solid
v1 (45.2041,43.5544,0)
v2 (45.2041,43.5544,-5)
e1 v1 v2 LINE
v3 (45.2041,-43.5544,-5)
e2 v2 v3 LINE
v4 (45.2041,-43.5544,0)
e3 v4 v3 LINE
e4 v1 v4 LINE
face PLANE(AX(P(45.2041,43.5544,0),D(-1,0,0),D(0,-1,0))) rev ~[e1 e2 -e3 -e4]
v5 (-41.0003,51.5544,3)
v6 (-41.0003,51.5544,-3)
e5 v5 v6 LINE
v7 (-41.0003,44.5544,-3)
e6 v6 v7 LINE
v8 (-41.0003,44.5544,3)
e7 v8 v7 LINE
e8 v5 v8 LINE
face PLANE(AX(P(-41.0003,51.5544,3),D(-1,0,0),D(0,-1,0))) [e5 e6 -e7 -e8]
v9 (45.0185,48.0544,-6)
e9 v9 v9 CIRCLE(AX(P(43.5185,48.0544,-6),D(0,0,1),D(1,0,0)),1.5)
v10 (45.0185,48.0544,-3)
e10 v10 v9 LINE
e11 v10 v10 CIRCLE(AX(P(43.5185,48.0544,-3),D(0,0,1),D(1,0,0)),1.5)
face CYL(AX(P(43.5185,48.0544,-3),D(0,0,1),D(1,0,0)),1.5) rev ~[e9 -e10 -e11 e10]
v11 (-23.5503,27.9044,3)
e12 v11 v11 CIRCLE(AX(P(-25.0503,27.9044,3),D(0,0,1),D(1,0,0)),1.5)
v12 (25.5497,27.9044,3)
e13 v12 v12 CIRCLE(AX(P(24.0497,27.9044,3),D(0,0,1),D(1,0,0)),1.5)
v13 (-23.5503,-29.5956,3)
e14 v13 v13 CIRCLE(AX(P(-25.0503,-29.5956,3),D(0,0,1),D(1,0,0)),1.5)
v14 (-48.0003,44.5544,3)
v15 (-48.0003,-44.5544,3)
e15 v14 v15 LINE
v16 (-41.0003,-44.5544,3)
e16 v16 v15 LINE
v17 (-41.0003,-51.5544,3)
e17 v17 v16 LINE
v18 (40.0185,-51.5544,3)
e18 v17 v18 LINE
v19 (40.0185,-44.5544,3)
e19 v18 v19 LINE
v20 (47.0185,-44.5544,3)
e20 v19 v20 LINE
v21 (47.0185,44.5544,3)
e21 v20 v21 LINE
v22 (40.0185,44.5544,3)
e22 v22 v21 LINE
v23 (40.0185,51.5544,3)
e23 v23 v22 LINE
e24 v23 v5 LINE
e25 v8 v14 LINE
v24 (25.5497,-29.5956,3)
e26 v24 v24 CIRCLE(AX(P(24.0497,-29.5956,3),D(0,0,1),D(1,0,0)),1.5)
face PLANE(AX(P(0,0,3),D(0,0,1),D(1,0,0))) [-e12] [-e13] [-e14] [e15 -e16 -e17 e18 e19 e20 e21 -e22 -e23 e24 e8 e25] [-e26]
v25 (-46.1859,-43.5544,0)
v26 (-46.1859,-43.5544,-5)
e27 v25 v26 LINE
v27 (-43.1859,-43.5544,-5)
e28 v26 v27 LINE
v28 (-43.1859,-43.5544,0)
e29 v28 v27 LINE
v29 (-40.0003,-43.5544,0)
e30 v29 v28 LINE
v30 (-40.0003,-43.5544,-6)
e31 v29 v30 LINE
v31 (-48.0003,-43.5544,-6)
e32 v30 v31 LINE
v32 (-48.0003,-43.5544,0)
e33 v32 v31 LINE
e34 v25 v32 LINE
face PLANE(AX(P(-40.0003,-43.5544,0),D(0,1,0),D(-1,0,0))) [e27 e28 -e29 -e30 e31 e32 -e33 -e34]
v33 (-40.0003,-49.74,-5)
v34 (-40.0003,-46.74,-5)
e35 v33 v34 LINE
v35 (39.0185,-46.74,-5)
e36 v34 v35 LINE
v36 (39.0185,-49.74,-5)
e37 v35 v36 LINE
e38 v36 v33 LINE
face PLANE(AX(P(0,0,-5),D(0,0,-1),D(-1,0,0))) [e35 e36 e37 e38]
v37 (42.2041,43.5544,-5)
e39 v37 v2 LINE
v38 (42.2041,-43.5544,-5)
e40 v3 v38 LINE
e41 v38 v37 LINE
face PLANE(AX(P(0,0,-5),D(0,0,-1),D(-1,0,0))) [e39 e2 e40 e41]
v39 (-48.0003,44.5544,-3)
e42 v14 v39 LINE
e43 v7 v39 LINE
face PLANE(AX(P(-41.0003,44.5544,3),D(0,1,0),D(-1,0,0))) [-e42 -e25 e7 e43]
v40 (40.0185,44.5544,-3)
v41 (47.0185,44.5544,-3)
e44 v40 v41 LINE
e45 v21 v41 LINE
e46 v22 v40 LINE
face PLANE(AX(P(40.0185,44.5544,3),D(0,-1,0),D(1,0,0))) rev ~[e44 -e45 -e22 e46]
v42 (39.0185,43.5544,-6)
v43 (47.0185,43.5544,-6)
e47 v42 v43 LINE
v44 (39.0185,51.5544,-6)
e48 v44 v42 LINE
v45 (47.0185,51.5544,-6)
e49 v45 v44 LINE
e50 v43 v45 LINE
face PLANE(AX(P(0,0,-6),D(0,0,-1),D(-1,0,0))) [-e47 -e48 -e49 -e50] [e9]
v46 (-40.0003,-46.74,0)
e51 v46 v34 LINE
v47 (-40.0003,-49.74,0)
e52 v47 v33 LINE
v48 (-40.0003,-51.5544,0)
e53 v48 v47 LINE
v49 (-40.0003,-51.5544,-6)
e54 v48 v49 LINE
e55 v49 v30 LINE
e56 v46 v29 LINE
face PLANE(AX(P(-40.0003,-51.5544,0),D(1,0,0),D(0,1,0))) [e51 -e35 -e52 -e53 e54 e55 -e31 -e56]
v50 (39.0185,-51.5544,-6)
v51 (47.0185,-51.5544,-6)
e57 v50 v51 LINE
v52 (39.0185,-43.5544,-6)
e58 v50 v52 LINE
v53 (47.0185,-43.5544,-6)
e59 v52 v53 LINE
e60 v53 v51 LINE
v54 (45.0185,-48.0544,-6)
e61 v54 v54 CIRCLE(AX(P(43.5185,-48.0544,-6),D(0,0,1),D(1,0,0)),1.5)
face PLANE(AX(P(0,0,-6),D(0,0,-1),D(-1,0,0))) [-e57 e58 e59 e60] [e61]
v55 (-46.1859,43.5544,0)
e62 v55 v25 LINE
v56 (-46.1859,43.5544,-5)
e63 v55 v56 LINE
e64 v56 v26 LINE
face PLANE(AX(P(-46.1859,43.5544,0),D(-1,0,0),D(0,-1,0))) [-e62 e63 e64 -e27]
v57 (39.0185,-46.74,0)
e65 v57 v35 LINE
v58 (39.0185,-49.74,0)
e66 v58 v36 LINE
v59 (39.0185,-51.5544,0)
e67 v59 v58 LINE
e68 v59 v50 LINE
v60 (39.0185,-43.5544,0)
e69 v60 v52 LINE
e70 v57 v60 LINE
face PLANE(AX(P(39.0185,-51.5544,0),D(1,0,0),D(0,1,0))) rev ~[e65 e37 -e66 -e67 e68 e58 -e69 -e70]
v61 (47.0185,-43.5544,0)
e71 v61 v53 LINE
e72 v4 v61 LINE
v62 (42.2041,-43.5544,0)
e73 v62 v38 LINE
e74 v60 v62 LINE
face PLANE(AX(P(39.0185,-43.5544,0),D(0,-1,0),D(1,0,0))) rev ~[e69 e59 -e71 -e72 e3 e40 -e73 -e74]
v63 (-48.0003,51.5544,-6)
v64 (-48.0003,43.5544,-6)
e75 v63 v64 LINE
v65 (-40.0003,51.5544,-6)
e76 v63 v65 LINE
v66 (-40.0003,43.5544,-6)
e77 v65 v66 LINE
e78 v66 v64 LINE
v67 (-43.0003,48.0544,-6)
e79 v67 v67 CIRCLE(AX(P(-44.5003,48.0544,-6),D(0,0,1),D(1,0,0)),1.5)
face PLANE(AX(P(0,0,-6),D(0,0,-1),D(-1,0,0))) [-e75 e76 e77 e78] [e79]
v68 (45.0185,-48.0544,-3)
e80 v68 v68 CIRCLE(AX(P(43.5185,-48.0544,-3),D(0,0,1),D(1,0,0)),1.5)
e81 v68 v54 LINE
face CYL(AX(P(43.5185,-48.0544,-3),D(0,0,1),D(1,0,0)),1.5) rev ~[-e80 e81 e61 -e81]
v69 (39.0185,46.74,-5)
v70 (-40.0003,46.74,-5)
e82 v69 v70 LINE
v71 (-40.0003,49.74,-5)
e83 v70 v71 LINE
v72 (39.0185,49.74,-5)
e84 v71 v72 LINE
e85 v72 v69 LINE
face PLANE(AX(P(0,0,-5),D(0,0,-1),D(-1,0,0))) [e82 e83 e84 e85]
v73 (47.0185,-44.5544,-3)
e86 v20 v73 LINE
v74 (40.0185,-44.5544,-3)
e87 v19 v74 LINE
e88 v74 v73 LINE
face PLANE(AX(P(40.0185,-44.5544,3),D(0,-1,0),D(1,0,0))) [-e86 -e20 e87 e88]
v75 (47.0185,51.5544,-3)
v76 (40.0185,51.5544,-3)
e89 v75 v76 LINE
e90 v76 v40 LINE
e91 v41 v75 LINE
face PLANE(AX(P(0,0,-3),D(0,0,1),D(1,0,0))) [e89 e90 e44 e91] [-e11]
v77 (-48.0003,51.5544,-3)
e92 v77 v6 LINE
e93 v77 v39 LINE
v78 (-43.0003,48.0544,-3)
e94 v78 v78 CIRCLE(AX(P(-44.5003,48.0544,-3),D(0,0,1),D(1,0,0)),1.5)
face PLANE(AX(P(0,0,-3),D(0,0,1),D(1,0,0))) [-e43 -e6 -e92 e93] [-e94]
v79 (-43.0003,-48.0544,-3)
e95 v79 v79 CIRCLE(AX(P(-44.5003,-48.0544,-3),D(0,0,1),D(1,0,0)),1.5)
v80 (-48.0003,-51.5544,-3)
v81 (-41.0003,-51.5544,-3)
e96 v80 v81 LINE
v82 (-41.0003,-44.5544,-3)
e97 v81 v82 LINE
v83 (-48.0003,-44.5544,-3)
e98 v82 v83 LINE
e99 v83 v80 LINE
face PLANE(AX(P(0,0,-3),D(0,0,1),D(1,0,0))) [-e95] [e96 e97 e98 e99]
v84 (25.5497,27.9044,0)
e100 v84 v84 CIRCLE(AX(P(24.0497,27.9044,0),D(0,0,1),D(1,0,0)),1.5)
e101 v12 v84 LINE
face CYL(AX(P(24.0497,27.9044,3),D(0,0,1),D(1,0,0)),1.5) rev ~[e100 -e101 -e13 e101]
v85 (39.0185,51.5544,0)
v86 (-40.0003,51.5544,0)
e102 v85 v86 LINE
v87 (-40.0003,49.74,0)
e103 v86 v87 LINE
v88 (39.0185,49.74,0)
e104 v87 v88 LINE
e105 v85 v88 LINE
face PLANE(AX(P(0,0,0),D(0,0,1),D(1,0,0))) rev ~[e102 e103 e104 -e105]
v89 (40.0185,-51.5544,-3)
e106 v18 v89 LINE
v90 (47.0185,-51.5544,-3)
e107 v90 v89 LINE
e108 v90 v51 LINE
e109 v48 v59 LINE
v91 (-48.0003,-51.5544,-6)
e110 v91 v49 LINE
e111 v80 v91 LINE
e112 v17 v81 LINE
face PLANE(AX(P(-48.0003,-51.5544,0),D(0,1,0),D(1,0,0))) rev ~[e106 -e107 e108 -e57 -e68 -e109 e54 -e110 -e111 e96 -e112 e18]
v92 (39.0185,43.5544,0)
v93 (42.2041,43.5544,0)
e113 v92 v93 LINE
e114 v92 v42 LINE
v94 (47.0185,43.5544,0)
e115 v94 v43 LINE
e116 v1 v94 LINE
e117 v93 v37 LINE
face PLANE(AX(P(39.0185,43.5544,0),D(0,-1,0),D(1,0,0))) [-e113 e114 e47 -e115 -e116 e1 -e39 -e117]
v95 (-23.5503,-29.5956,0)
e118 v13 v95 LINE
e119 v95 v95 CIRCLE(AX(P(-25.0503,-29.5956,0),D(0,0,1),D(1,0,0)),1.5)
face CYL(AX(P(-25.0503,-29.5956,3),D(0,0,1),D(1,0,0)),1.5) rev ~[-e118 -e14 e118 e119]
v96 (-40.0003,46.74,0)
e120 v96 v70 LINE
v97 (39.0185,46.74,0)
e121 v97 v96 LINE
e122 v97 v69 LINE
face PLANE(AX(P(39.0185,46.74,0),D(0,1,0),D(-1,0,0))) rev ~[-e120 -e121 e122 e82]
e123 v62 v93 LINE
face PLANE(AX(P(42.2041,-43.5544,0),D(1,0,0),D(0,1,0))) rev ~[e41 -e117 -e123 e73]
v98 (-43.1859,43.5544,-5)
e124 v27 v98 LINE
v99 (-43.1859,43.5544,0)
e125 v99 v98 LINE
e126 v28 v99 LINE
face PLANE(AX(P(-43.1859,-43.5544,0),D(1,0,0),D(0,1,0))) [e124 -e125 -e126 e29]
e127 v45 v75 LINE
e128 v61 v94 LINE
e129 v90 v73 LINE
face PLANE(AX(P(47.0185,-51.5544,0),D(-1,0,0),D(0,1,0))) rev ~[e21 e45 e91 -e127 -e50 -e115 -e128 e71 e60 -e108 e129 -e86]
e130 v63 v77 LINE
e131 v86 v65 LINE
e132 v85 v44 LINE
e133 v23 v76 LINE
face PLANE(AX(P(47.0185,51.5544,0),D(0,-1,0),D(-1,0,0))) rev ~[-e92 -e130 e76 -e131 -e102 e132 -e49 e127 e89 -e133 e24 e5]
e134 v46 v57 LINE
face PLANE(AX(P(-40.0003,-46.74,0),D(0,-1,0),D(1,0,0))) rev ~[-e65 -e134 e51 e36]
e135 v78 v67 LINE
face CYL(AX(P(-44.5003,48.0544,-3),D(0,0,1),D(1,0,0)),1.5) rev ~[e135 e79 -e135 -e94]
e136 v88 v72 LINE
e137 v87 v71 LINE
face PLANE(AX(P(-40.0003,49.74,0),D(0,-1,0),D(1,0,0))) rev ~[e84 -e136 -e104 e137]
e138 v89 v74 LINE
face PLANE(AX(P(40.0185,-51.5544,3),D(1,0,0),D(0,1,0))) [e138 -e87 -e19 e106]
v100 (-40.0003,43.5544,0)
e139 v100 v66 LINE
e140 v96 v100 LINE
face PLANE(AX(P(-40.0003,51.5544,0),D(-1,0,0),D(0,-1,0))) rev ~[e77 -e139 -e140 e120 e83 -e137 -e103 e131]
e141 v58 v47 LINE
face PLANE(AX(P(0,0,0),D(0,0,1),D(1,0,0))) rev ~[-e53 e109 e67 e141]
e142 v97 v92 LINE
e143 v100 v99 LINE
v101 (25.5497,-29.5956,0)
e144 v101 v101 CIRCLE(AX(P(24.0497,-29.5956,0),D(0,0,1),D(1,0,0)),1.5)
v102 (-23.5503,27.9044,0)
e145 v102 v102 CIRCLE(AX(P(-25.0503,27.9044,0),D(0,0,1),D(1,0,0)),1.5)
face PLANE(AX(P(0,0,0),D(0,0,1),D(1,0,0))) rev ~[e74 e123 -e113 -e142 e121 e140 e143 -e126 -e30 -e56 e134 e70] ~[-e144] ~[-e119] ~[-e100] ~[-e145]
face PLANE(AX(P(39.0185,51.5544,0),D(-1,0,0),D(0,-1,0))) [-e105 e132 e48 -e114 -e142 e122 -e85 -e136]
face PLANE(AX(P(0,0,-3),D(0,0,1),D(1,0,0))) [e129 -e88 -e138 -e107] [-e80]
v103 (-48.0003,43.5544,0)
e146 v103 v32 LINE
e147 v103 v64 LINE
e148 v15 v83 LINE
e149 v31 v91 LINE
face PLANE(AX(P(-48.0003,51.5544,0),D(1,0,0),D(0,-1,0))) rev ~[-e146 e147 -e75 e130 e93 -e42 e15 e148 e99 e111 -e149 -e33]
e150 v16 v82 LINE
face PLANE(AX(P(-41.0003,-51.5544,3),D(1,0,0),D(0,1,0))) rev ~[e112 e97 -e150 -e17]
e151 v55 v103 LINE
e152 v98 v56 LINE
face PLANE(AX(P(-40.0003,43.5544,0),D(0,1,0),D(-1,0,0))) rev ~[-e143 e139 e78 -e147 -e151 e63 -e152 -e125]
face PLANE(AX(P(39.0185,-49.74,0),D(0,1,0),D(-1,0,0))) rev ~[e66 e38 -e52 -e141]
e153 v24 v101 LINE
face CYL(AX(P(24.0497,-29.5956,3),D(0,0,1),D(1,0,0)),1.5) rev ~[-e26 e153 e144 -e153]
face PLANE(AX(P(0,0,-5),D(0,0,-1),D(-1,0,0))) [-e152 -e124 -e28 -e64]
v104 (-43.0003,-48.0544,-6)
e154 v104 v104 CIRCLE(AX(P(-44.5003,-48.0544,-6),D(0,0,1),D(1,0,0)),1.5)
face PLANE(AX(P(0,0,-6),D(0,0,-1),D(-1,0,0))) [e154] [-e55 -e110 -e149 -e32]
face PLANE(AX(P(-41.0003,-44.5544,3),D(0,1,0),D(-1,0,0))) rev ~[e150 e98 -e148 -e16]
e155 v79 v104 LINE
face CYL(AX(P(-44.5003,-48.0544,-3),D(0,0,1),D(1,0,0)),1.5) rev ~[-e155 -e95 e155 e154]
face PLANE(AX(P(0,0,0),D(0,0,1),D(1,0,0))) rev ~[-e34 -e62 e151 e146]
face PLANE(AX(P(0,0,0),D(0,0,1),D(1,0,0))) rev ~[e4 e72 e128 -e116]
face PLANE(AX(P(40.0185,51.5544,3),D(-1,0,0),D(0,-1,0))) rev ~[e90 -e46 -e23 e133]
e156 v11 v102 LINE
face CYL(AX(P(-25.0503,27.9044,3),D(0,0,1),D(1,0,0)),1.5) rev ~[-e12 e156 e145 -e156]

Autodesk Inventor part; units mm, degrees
ref_plane "YZ Plane" through (0, 0, 0) normal (1, 0, 0) x (0, 1, 0)
ref_plane "XZ Plane" through (0, 0, 0) normal (0, 1, 0) x (-1, 0, 0)
ref_plane "XY Plane" through (0, 0, 0) normal (0, 0, 1) x (1, 0, 0)
sketch "Sketch1" plane through (0, 0, 0) normal (0, 0, 1) x (1, 0, 0)
  line L0 (47.0185, 51.5544) -> (-48.0003, 51.5544)
  line L1 (-48.0003, 51.5544) -> (-48.0003, -51.5544)
  line L2 (-48.0003, -51.5544) -> (47.0185, -51.5544)
  line L3 (47.0185, -51.5544) -> (47.0185, 51.5544)
  line L4 (41.2041, -35.74) -> (41.2041, 35.74) projected
  arc A0 (41.2041, 35.74) -> (31.2041, 45.74) centre (31.2041, 35.74) ccw projected
  line L5 (31.2041, 45.74) -> (-32.1859, 45.74) projected
  arc A1 (-32.1859, 45.74) -> (-42.1859, 35.74) centre (-32.1859, 35.74) ccw projected
  line L6 (-42.1859, 35.74) -> (-42.1859, -35.74) projected
  arc A2 (-42.1859, -35.74) -> (-32.1859, -45.74) centre (-32.1859, -35.74) ccw projected
  line L7 (-32.1859, -45.74) -> (31.2041, -45.74) projected
  arc A3 (31.2041, -45.74) -> (41.2041, -35.74) centre (31.2041, -35.74) ccw projected
  circle A4 centre (24.0591, 16.9245) radius 1.25 projected
  circle A5 centre (24.0591, -43.0755) radius 1.25 projected
  circle A6 centre (-25.0409, -43.0755) radius 1.25 projected
  circle A7 centre (-25.0409, 16.9245) radius 1.25 projected
  line L8 (25.5091, 38.0745) -> (-26.4909, 38.0745) projected
  arc A8 (-26.4909, 38.0745) -> (-28.4909, 36.0745) centre (-26.4909, 36.0745) ccw projected
  line L9 (-28.4909, 36.0745) -> (-28.4909, -44.9255) projected
  arc A9 (-28.4909, -44.9255) -> (-26.4909, -46.9255) centre (-26.4909, -44.9255) ccw projected
  line L10 (-26.4909, -46.9255) -> (25.5091, -46.9255) projected
  arc A10 (25.5091, -46.9255) -> (27.5091, -44.9255) centre (25.5091, -44.9255) ccw projected
  line L11 (27.5091, -44.9255) -> (27.5091, 36.0745) projected
  arc A11 (27.5091, 36.0745) -> (25.5091, 38.0745) centre (25.5091, 36.0745) ccw projected
  point P0 (0, 0)
  dimension "d2" = 5.8144
  dimension "d3" = 5.8144
  dimension "d4" = 5.8144
  dimension "d5" = 5.8144
extrude "Extrusion1" add sketch "Sketch1" along normal blind 3 contours L3 L2 L1 L0 | A3 L7 A10 L11 A11 L8 A8 L9 A9 A2 L6 A1 L5 A0 L4 | A10 L10 A9 L7 | L7 A9 L9 A8 L8 A11 L11 A10 | A4 | A5 | A6 | A7
sketch "Sketch3" plane through (0, 0, 0) normal (0, 0, -1) x (-1, 0, 0)
  line L0 (-41.2041, 35.74) -> (-41.2041, -35.74) projected
  arc A0 (-41.2041, -35.74) -> (-31.2041, -45.74) centre (-31.2041, -35.74) ccw projected
  line L1 (-31.2041, -45.74) -> (32.1859, -45.74) projected
  arc A1 (32.1859, -45.74) -> (42.1859, -35.74) centre (32.1859, -35.74) ccw projected
  line L2 (42.1859, -35.74) -> (42.1859, 35.74) projected
  arc A2 (42.1859, 35.74) -> (32.1859, 45.74) centre (32.1859, 35.74) ccw projected
  line L3 (32.1859, 45.74) -> (-31.2041, 45.74) projected
  arc A3 (-31.2041, 45.74) -> (-41.2041, 35.74) centre (-31.2041, 35.74) ccw projected
  line L4 (43.1859, 43.5544) -> (46.1859, 43.5544)
  line L5 (46.1859, 43.5544) -> (46.1859, -43.5544)
  line L6 (46.1859, -43.5544) -> (43.1859, -43.5544)
  line L7 (43.1859, -43.5544) -> (43.1859, 43.5544)
  line L8 (-42.2041, 43.5544) -> (-45.2041, 43.5544)
  line L9 (-45.2041, 43.5544) -> (-45.2041, -43.5544)
  line L10 (-45.2041, -43.5544) -> (-42.2041, -43.5544)
  line L11 (-42.2041, -43.5544) -> (-42.2041, 43.5544)
  line L12 (40.0003, 49.74) -> (-39.0185, 49.74)
  line L13 (-39.0185, 49.74) -> (-39.0185, 46.74)
  line L14 (-39.0185, 46.74) -> (40.0003, 46.74)
  line L15 (40.0003, 46.74) -> (40.0003, 49.74)
  line L16 (40.0003, -46.74) -> (-39.0185, -46.74)
  line L17 (-39.0185, -46.74) -> (-39.0185, -49.74)
  line L18 (-39.0185, -49.74) -> (40.0003, -49.74)
  line L19 (40.0003, -49.74) -> (40.0003, -46.74)
  line L20 (-47.0185, 51.5544) -> (48.0003, 51.5544) projected
  line L21 (48.0003, 51.5544) -> (48.0003, -51.5544) projected
  line L22 (48.0003, -51.5544) -> (-47.0185, -51.5544) projected
  line L23 (-47.0185, -51.5544) -> (-47.0185, 51.5544) projected
  point P0 (0, 0)
  dimension "d20" = 3
  dimension "d21" = 1
  dimension "d24" = 3
  dimension "d25" = 1
  dimension "d28" = 3
  dimension "d29" = 1
  dimension "d34" = 1
  dimension "d35" = 3
  dimension "d78" = 8
  dimension "d79" = 8
  dimension "d80" = 8
  dimension "d81" = 8
  dimension "d82" = 8
  dimension "d83" = 8
  dimension "d84" = 8
  dimension "d85" = 8
extrude "Extrusion2" add sketch "Sketch3" along normal blind 5 contours L4 L5 L6 L7 | L11 L10 L9 L8 | L15 L14 L13 L12 | L19 L18 L17 L16
sketch "Sketch6" plane through (0, 0, 0) normal (0, 0, -1) x (-1, 0, 0)
  line L0 (48.0003, 51.5544) -> (48.0003, -51.5544) projected
  line L1 (48.0003, 51.5544) -> (40.0003, 51.5544)
  line L2 (40.0003, 51.5544) -> (40.0003, 43.5544)
  line L3 (40.0003, 43.5544) -> (48.0003, 43.5544)
  line L4 (48.0003, 43.5544) -> (48.0003, 51.5544)
  line L5 (48.0003, -51.5544) -> (40.0003, -51.5544)
  line L6 (40.0003, -51.5544) -> (40.0003, -43.5544)
  line L7 (40.0003, -43.5544) -> (48.0003, -43.5544)
  line L8 (48.0003, -43.5544) -> (48.0003, -51.5544)
  line L9 (48.0003, -51.5544) -> (-47.0185, -51.5544) projected
  line L10 (-47.0185, -51.5544) -> (-39.0185, -51.5544)
  line L11 (-39.0185, -51.5544) -> (-39.0185, -43.5544)
  line L12 (-39.0185, -43.5544) -> (-47.0185, -43.5544)
  line L13 (-47.0185, -43.5544) -> (-47.0185, -51.5544)
  line L14 (-47.0185, 51.5544) -> (48.0003, 51.5544) projected
  line L15 (-47.0185, 51.5544) -> (-39.0185, 51.5544)
  line L16 (-39.0185, 51.5544) -> (-39.0185, 43.5544)
  line L17 (-39.0185, 43.5544) -> (-47.0185, 43.5544)
  line L18 (-47.0185, 43.5544) -> (-47.0185, 51.5544)
  point P0 (0, 0)
  dimension "d38" = 8
  dimension "d39" = 8
  dimension "d40" = 8
  dimension "d41" = 8
  dimension "d42" = 8
  dimension "d43" = 8
  dimension "d44" = 8
  dimension "d45" = 8
extrude "Extrusion3" add sketch "Sketch6" along normal blind 6
sketch "Sketch7" plane through (0, 0, 3) normal (0, 0, 1) x (1, 0, 0)
  line L0 (47.0185, -51.5544) -> (47.0185, 51.5544) projected
  line L1 (47.0185, 51.5544) -> (40.0185, 51.5544)
  line L2 (40.0185, 51.5544) -> (40.0185, 44.5544)
  line L3 (40.0185, 44.5544) -> (47.0185, 44.5544)
  line L4 (47.0185, 44.5544) -> (47.0185, 51.5544)
  line L5 (47.0185, -51.5544) -> (40.0185, -51.5544)
  line L6 (40.0185, -51.5544) -> (40.0185, -44.5544)
  line L7 (40.0185, -44.5544) -> (47.0185, -44.5544)
  line L8 (47.0185, -44.5544) -> (47.0185, -51.5544)
  line L9 (-48.0003, 51.5544) -> (-48.0003, -51.5544) projected
  line L10 (-48.0003, -51.5544) -> (-41.0003, -51.5544)
  line L11 (-41.0003, -51.5544) -> (-41.0003, -44.5544)
  line L12 (-41.0003, -44.5544) -> (-48.0003, -44.5544)
  line L13 (-48.0003, -44.5544) -> (-48.0003, -51.5544)
  line L14 (-48.0003, 51.5544) -> (-41.0003, 51.5544)
  line L15 (-41.0003, 51.5544) -> (-41.0003, 44.5544)
  line L16 (-41.0003, 44.5544) -> (-48.0003, 44.5544)
  line L17 (-48.0003, 44.5544) -> (-48.0003, 51.5544)
  point P0 (0, 0)
  dimension "d48" = 7
  dimension "d49" = 7
  dimension "d50" = 7
  dimension "d51" = 7
  dimension "d52" = 7
  dimension "d53" = 7
  dimension "d54" = 7
  dimension "d55" = 7
extrude "Extrusion4" cut sketch "Sketch7" against normal blind 6
sketch "Sketch8" plane through (0, 0, -3) normal (0, 0, 1) x (1, 0, 0)
  circle A0 centre (43.5185, 48.0544) radius 1.5
  circle A1 centre (43.5185, -48.0544) radius 1.5
  circle A2 centre (-44.5003, -48.0544) radius 1.5
  circle A3 centre (-44.5003, 48.0544) radius 1.5
  line L0 (47.0185, 51.5544) -> (47.0185, 44.5544) projected
  line L1 (40.0185, 51.5544) -> (47.0185, 51.5544) projected
  line L2 (47.0185, -44.5544) -> (47.0185, -51.5544) projected
  line L3 (47.0185, -51.5544) -> (40.0185, -51.5544) projected
  line L4 (-48.0003, -51.5544) -> (-48.0003, -44.5544) projected
  line L5 (-41.0003, -51.5544) -> (-48.0003, -51.5544) projected
  line L6 (-48.0003, 44.5544) -> (-48.0003, 51.5544) projected
  line L7 (-48.0003, 51.5544) -> (-41.0003, 51.5544) projected
  point P0 (0, 0)
  dimension "d58" = 3
  dimension "d59" = 3
  dimension "d60" = 3
  dimension "d61" = 3
  dimension "d62" = 3.5
  dimension "d63" = 3.5
  dimension "d64" = 3.5
  dimension "d65" = 3.5
  dimension "d66" = 3.5
  dimension "d67" = 3.5
  dimension "d68" = 3.5
  dimension "d69" = 3.5
extrude "Extrusion5" cut sketch "Sketch8" against normal up to next
sketch "Sketch9" plane through (0, 0, 3) normal (0, 0, 1) x (1, 0, 0)
  circle A0 centre (24.0497, -29.5956) radius 1.25 projected
  circle A1 centre (-25.0503, -29.5956) radius 1.25 projected
  line L0 (25.4997, 51.5544) -> (-26.5003, 51.5544) projected
  arc A2 (-26.5003, 51.5544) -> (-28.5003, 49.5544) centre (-26.5003, 49.5544) ccw projected
  line L1 (-28.5003, 49.5544) -> (-28.5003, -31.4456) projected
  arc A3 (-28.5003, -31.4456) -> (-26.5003, -33.4456) centre (-26.5003, -31.4456) ccw projected
  line L2 (-26.5003, -33.4456) -> (25.4997, -33.4456) projected
  arc A4 (25.4997, -33.4456) -> (27.4997, -31.4456) centre (25.4997, -31.4456) ccw projected
  line L3 (27.4997, -31.4456) -> (27.4997, 49.5544) projected
  arc A5 (27.4997, 49.5544) -> (25.4997, 51.5544) centre (25.4997, 49.5544) ccw projected
  circle A6 centre (24.0497, -29.5956) radius 1.5
  circle A7 centre (-25.0503, -29.5956) radius 1.5
  circle A8 centre (24.0497, 27.9044) radius 1.25 projected
  circle A9 centre (24.0497, -29.5956) radius 1.25 projected
  circle A10 centre (-25.0503, -29.5956) radius 1.25 projected
  circle A11 centre (-25.0503, 27.9044) radius 1.25 projected
  line L4 (25.4997, 51.5544) -> (-26.5003, 51.5544) projected
  arc A12 (-26.5003, 51.5544) -> (-28.5003, 49.5544) centre (-26.5003, 49.5544) ccw projected
  line L5 (-28.5003, 49.5544) -> (-28.5003, -31.4456) projected
  arc A13 (-28.5003, -31.4456) -> (-26.5003, -33.4456) centre (-26.5003, -31.4456) ccw projected
  line L6 (-26.5003, -33.4456) -> (25.4997, -33.4456) projected
  arc A14 (25.4997, -33.4456) -> (27.4997, -31.4456) centre (25.4997, -31.4456) ccw projected
  line L7 (27.4997, -31.4456) -> (27.4997, 49.5544) projected
  arc A15 (27.4997, 49.5544) -> (25.4997, 51.5544) centre (25.4997, 49.5544) ccw projected
  circle A16 centre (24.0497, 27.9044) radius 1.5
  circle A17 centre (-25.0503, 27.9044) radius 1.5
  point P0 (0, 0)
  dimension "d73" = 3
  dimension "d74" = 3
  dimension "d86" = 3
  dimension "d87" = 3
extrude "Extrusion6" cut sketch "Sketch9" against normal up to next contours A0 | A1 | A6 | A7 | A8 | A11 | A16 | A17
equation "\"d3\" = d2"
equation "\"d4\" = d2"
equation "\"d5\" = d2"
equation "\"d39\" = d38"
equation "\"d40\" = d38"
equation "\"d41\" = d38"
equation "\"d42\" = d38"
equation "\"d43\" = d38"
equation "\"d44\" = d38"
equation "\"d45\" = d38"
equation "\"d49\" = d48"
equation "\"d50\" = d48"
equation "\"d51\" = d48"
equation "\"d52\" = d48"
equation "\"d53\" = d48"
equation "\"d54\" = d48"
equation "\"d55\" = d48"
equation "\"d62\" = 0.5 * d48"
equation "\"d63\" = d62"
equation "\"d64\" = d62"
equation "\"d65\" = d62"
equation "\"d66\" = d62"
equation "\"d67\" = d62"
equation "\"d68\" = d62"
equation "\"d69\" = d62"
equation "\"d74\" = d73"
equation "\"d86\" = d73"
equation "\"d87\" = d73"
properties part number "akksi-raspi"
